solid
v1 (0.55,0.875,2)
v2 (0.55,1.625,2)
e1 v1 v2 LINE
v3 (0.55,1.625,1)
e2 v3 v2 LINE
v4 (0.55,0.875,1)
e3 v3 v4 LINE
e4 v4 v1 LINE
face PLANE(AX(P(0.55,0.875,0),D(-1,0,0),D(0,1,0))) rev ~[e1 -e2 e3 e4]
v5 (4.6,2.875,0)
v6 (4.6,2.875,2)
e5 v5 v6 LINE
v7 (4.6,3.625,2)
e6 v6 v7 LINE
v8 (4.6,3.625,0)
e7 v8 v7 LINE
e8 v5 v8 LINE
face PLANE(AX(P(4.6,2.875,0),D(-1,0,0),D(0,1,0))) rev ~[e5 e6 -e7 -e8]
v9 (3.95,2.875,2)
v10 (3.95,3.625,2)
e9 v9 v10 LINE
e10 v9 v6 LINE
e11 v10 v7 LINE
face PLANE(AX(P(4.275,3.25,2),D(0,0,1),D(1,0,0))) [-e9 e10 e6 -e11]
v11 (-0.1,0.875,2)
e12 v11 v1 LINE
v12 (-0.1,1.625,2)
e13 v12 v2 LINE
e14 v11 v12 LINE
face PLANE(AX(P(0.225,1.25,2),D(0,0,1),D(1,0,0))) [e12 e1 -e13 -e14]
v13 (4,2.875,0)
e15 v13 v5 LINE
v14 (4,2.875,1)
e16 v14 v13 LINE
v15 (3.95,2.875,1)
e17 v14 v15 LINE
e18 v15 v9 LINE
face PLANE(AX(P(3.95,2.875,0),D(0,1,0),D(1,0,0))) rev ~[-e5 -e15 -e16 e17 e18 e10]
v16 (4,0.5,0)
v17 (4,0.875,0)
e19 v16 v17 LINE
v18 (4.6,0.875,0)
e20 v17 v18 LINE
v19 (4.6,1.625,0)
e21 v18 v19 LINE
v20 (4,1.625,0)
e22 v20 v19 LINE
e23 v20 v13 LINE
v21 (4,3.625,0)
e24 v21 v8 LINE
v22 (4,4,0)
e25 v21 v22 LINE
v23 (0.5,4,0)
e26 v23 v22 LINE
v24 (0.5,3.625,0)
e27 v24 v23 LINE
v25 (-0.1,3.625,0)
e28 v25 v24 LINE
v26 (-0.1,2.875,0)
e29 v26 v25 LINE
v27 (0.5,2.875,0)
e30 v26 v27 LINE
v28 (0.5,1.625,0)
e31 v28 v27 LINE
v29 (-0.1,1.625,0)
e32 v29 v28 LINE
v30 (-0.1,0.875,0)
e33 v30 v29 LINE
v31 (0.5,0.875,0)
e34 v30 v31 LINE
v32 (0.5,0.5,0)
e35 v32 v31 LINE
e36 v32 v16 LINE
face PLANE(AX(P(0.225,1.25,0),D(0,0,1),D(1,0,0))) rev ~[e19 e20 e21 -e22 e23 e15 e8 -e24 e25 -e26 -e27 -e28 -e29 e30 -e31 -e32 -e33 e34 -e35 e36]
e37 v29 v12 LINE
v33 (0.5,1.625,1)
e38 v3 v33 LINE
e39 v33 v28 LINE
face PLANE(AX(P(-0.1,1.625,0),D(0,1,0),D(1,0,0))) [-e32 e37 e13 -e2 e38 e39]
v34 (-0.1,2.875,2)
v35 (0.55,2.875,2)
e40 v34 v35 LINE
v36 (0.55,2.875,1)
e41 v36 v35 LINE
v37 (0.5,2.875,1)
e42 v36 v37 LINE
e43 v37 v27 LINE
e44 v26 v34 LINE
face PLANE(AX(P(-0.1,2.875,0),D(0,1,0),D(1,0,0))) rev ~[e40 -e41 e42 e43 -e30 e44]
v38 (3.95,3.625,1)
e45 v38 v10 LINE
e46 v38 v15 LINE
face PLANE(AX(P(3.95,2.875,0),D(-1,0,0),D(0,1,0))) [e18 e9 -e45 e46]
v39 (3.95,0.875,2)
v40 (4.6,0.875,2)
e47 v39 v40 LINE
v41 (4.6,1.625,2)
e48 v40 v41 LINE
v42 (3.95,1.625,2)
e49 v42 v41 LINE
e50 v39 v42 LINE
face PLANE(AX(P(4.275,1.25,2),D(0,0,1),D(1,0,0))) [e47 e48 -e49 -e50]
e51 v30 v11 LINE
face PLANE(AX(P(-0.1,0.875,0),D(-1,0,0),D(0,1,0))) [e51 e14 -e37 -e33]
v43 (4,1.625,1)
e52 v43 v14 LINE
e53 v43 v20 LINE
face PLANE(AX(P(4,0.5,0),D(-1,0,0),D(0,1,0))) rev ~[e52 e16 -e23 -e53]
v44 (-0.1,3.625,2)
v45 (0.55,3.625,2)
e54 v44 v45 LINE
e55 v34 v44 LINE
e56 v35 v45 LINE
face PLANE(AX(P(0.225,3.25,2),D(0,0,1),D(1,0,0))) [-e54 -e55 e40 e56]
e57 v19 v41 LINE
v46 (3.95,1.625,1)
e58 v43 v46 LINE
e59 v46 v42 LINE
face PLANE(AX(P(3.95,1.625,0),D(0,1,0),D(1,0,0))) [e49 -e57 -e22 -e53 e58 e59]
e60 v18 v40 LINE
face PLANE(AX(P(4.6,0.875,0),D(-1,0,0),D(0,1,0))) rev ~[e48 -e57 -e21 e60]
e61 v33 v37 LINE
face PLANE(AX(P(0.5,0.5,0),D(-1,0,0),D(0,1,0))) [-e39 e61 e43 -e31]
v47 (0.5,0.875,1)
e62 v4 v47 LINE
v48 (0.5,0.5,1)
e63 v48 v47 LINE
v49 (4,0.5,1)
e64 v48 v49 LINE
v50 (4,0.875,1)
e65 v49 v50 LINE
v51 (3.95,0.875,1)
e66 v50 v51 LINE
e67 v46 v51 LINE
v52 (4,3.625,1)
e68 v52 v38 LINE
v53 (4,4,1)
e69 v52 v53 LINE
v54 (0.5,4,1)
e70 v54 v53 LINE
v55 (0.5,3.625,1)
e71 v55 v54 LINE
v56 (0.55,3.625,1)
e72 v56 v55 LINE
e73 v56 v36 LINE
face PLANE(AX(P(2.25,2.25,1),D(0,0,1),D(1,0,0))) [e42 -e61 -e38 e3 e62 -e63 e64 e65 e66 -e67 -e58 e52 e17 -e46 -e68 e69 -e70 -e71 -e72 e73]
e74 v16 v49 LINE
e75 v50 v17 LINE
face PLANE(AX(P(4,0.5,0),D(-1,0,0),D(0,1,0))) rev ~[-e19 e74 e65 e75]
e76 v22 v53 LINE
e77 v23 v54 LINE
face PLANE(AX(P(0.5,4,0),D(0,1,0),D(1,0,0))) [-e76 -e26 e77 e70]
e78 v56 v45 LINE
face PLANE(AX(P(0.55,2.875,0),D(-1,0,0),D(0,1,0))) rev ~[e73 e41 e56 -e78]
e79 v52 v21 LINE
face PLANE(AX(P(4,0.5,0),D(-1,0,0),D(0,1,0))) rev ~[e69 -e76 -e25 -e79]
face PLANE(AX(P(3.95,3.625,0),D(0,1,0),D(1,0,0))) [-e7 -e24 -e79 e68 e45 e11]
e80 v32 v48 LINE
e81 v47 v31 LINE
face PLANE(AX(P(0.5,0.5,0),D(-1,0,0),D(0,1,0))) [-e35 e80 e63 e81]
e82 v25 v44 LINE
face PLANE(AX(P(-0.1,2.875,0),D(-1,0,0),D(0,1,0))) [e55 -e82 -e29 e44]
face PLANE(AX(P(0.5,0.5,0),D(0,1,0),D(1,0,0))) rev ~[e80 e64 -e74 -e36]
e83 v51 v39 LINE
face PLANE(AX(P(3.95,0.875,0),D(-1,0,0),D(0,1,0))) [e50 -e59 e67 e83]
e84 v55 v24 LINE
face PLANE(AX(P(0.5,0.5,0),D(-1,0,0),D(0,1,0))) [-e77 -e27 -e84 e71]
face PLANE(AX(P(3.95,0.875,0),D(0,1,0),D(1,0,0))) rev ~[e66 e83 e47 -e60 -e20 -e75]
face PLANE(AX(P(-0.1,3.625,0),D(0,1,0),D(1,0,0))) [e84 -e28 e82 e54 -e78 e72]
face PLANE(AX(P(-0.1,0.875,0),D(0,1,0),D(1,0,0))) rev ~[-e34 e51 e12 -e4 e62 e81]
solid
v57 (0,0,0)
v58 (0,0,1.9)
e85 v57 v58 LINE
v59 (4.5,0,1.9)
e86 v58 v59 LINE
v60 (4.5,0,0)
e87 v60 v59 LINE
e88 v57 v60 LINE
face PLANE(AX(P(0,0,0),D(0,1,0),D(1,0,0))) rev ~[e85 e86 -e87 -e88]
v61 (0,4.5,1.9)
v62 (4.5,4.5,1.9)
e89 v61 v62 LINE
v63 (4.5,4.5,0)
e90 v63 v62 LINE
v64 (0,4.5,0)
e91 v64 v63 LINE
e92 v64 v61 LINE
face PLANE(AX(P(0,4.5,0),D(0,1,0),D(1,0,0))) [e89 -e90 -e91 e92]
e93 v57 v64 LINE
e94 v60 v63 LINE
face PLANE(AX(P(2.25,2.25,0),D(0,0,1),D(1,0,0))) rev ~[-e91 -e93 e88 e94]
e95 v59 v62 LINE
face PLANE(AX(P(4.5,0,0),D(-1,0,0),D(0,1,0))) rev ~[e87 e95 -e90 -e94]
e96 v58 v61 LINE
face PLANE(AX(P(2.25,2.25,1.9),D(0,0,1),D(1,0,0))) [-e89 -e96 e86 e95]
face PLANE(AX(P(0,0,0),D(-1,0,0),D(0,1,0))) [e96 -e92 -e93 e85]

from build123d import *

# Parameters (mm, degrees)
SKETCH_W            = 4.5
SKETCH_H            = 4.5
PAD_DEPTH           = 1.9
SKETCH002_W         = 3.5
SKETCH002_H         = 3.5
PAD002_DEPTH        = 1
SKETCH001_W         = 0.65
SKETCH001_H         = 0.75
PAD003_DEPTH        = 2
LINEARPATTERN_COUNT = 2
LINEARPATTERN_PITCH = 4.05


with BuildPart() as body:
    # Sketch → Pad (new body)
    with BuildSketch(Plane.XY):
        with Locations((2.25, 2.25)):
            Rectangle(SKETCH_W, SKETCH_H)
    extrude(amount=PAD_DEPTH)


with BuildPart() as body001:
    # Sketch002 → Pad002 (new body)
    with BuildSketch(Plane.XY):
        with Locations((2.25, 2.25)):
            Rectangle(SKETCH002_W, SKETCH002_H)
    extrude(amount=PAD002_DEPTH)

    # Sketch001 → Pad003 (join)
    with BuildSketch(Plane.XY):
        with Locations((0.225, 1.25)):
            Rectangle(SKETCH001_W, SKETCH001_H)
        with Locations((0.225, 3.25)):
            Rectangle(SKETCH001_W, SKETCH001_H)
    pad003 = extrude(amount=PAD003_DEPTH)

    # LinearPattern: Pad003 ×2
    with Locations(*[(i * LINEARPATTERN_PITCH, 0, 0) for i in range(1, LINEARPATTERN_COUNT)]):
        add(pad003)


solid = Compound([body.part, body001.part])
